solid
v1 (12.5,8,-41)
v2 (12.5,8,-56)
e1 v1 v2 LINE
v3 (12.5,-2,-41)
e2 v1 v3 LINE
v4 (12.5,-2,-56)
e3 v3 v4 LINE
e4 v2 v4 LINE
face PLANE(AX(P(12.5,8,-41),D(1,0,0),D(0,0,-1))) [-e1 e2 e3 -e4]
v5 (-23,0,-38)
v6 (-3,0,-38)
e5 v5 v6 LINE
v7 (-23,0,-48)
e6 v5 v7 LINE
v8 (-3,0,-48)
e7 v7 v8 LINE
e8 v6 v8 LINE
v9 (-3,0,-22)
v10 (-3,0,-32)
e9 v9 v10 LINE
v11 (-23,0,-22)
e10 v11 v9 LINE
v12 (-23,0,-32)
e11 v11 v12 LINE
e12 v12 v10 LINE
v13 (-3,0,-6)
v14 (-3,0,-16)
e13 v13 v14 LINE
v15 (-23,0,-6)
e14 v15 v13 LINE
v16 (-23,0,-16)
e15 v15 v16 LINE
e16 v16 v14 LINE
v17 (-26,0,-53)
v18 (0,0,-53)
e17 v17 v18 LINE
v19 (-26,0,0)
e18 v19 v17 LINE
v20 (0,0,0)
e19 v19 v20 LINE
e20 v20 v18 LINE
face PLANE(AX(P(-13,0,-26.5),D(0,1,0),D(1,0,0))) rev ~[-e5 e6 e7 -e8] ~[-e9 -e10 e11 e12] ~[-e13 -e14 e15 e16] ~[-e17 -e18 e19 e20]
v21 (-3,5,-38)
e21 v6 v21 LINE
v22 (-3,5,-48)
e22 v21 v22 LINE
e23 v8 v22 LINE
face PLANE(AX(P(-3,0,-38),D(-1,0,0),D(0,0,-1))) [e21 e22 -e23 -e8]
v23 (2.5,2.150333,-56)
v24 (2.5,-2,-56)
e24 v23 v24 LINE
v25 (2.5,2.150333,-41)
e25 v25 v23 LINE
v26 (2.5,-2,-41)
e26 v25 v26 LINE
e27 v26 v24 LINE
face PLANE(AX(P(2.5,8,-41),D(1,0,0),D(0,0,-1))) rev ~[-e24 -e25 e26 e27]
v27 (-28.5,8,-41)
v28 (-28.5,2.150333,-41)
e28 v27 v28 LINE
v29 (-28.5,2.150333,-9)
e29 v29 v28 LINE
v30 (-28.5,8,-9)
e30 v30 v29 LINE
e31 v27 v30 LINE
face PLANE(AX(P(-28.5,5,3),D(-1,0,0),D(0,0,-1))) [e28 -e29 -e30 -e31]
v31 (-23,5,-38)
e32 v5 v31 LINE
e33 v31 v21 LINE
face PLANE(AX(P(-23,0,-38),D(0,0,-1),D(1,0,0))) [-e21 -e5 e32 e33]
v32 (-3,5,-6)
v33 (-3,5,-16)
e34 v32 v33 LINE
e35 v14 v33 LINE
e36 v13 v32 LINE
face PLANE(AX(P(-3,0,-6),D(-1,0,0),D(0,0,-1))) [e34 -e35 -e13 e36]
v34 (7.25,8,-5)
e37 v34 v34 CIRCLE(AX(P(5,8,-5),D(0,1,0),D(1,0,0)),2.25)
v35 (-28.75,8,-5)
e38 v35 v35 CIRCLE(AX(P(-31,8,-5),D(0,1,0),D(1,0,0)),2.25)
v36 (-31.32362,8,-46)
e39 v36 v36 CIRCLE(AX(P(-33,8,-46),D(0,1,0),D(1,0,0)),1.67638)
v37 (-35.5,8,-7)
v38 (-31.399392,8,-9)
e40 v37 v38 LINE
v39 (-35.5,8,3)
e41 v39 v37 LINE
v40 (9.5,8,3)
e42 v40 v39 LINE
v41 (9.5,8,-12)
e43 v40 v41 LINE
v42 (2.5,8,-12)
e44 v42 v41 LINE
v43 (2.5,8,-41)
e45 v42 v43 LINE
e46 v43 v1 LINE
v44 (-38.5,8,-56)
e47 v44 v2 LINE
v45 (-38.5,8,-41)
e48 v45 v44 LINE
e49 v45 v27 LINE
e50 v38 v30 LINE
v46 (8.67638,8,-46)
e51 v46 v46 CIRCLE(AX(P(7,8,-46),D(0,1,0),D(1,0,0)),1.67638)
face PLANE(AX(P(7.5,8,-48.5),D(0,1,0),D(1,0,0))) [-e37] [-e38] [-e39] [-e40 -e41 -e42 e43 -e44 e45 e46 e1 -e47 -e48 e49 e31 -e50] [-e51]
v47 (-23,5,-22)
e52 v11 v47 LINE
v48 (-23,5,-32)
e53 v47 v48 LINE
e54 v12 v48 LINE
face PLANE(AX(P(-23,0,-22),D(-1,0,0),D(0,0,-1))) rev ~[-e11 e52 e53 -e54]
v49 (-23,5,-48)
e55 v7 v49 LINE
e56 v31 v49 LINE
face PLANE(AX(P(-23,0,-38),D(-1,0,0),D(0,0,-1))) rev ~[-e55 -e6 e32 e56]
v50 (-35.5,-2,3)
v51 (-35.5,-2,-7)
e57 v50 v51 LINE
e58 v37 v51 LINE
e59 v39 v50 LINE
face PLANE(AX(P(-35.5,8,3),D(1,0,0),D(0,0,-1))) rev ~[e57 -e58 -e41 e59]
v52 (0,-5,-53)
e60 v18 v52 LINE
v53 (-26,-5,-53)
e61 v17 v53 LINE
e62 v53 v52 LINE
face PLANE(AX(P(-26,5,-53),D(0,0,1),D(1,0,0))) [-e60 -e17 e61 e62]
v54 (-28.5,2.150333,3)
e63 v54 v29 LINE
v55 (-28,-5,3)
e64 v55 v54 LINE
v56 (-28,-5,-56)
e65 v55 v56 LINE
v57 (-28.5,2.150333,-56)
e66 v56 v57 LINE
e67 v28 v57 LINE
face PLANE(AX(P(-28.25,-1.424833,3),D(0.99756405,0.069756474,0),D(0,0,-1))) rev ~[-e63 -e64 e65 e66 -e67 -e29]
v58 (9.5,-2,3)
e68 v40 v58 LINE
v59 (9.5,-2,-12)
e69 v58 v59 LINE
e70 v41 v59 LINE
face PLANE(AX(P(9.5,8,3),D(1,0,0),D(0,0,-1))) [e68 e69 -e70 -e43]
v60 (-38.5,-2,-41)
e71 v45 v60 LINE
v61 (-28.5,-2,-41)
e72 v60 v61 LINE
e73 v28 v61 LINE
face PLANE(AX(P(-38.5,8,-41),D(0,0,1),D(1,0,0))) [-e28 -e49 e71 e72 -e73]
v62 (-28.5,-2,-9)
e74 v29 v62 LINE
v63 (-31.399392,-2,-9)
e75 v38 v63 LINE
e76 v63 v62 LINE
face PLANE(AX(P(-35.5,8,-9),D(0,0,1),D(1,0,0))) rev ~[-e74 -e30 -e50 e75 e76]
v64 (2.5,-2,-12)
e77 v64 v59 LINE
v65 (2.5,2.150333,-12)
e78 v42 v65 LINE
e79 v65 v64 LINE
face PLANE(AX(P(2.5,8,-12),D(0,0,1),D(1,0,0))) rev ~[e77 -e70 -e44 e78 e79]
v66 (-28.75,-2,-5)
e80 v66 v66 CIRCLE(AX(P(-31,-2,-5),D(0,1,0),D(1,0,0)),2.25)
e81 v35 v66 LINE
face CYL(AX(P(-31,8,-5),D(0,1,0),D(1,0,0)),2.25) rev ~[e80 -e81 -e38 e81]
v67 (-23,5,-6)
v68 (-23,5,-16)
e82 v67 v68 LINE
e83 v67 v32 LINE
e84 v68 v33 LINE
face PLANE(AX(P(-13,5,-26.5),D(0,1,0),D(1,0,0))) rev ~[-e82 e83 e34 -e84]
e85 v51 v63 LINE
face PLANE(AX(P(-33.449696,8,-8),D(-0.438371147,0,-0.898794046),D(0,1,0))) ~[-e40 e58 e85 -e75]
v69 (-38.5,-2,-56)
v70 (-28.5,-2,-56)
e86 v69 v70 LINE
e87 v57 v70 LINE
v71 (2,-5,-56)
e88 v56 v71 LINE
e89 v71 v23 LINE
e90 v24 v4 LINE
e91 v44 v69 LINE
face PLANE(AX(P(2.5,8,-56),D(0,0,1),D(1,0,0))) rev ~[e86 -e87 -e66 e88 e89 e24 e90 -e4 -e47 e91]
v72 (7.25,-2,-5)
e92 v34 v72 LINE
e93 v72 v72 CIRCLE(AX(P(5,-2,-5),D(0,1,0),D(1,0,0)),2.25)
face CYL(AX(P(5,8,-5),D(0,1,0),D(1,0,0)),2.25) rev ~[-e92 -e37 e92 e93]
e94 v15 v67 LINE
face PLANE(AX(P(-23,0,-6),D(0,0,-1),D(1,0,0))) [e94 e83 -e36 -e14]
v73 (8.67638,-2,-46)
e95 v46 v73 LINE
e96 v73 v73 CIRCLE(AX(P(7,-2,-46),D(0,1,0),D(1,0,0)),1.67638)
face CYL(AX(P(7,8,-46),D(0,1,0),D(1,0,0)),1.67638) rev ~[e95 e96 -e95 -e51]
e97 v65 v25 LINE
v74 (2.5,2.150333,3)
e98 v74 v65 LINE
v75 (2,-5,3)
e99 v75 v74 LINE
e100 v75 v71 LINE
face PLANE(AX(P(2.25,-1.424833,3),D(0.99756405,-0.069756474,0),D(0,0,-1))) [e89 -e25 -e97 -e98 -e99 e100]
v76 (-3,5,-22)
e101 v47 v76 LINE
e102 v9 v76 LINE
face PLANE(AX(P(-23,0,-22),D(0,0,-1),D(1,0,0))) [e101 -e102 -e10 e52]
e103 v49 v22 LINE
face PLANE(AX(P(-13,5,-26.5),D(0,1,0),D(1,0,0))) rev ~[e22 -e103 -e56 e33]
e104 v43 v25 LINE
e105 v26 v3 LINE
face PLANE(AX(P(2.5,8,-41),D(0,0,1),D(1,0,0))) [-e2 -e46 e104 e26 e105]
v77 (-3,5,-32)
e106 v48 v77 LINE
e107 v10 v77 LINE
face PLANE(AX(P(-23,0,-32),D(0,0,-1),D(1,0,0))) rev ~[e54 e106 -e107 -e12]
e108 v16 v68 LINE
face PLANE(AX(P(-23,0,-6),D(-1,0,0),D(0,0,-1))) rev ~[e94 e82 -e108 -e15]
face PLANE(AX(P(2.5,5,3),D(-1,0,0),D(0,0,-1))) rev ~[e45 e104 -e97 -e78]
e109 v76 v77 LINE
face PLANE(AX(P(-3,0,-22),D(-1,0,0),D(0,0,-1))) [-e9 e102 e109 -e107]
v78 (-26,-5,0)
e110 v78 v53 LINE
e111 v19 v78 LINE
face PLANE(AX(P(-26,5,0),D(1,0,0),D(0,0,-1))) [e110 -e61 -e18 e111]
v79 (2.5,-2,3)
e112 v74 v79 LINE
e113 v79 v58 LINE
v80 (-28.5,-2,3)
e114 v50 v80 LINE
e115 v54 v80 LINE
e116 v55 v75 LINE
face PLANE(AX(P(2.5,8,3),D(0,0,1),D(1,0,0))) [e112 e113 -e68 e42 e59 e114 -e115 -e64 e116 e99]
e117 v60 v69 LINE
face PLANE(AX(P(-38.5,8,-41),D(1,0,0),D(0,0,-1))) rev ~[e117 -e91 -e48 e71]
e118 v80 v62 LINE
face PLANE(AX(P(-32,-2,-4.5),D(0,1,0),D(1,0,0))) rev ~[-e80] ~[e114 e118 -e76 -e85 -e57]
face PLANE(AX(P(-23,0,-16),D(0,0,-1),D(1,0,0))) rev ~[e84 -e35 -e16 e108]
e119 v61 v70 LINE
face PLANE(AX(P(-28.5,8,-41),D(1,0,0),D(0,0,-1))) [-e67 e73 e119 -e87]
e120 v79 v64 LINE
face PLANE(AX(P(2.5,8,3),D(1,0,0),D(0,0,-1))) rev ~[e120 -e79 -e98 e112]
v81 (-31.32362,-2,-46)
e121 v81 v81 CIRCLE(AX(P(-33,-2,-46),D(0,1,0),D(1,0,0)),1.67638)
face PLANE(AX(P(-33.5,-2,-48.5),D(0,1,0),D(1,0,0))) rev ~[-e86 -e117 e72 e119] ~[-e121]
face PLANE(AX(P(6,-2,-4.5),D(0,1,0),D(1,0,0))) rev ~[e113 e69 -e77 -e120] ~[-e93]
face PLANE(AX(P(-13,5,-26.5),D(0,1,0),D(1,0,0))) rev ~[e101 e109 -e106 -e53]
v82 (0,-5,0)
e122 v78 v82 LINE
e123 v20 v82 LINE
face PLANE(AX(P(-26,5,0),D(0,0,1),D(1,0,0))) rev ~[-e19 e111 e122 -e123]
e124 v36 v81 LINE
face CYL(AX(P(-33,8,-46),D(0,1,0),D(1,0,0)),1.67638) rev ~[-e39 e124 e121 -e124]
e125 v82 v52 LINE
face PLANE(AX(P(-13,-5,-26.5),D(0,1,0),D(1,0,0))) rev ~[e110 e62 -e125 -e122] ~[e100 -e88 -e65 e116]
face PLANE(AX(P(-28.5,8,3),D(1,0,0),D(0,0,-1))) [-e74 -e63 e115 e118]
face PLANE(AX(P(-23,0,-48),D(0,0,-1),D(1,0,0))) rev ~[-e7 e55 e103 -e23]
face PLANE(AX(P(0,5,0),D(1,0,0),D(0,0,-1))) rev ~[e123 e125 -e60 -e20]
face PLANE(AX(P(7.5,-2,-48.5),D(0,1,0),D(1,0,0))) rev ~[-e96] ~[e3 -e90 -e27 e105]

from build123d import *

# Parameters (mm, degrees)
SKETCH1_W           = 26
SKETCH1_H           = 53
SKETCH1_W_2         = 20
SKETCH1_H_2         = 10
BOSS_EXTRUDE1_DEPTH = 5
SKETCH2_W           = 31
SKETCH2_H           = 59
SKETCH2_W_2         = 26
SKETCH2_H_2         = 53
BOSS_EXTRUDE2_DEPTH = 10
SKETCH3_W           = 31
SKETCH3_H           = 59
BOSS_EXTRUDE3_DEPTH = 3
CHAMFER1_SIZE       = 0.5
CHAMFER1_SIZE2      = 7.150333128
SKETCH10_W          = 7
SKETCH10_H          = 15
SKETCH10_R          = 2.25
BOSS_EXTRUDE7_DEPTH = 10
SKETCH11_W          = 7
SKETCH11_H          = 3
CUT_EXTRUDE4_DEPTH  = 10
CHAMFER2_SIZE       = 2
CHAMFER2_SIZE2      = 4.100607683
SKETCH12_W          = 10
SKETCH12_H          = 15
SKETCH12_R          = 1.676379865
BOSS_EXTRUDE8_DEPTH = 10


with BuildPart() as part:
    # Sketch1 → Boss-Extrude1 (new body)
    with BuildSketch(Plane(origin=(0, 0, 0), x_dir=(1, 0, 0), z_dir=(0, 1, 0))):
        with Locations((-13, 26.5)):
            Rectangle(SKETCH1_W, SKETCH1_H)
        with Locations((-13, 27)):
            Rectangle(SKETCH1_W_2, SKETCH1_H_2, mode=Mode.SUBTRACT)
        with Locations((-13, 43)):
            Rectangle(SKETCH1_W_2, SKETCH1_H_2, mode=Mode.SUBTRACT)
        with Locations((-13, 11)):
            Rectangle(SKETCH1_W_2, SKETCH1_H_2, mode=Mode.SUBTRACT)
    extrude(amount=BOSS_EXTRUDE1_DEPTH)

    # Sketch2 → Boss-Extrude2 (add)
    with BuildSketch(Plane(origin=(0, 5, 0), x_dir=(1, 0, 0), z_dir=(0, 1, 0))):
        with Locations((-13, 26.5)):
            Rectangle(SKETCH2_W, SKETCH2_H)
        with Locations((-13, 26.5)):
            Rectangle(SKETCH2_W_2, SKETCH2_H_2, mode=Mode.SUBTRACT)
    extrude(amount=-BOSS_EXTRUDE2_DEPTH)

    # Sketch3 → Boss-Extrude3 (add)
    with BuildSketch(Plane(origin=(0, 5, 0), x_dir=(1, 0, 0), z_dir=(0, 1, 0))):
        with Locations((-13, 26.5)):
            Rectangle(SKETCH3_W, SKETCH3_H)
    extrude(amount=BOSS_EXTRUDE3_DEPTH)

    # Chamfer1
    chamfer1_edges = [part.edges().sort_by_distance(p)[0] for p in [
        (-28.5, -5, -26.5),
        (2.5, -5, -26.5),
    ]]
    chamfer1_side = [part.faces().sort_by_distance(p)[0] for p in [
        (-13, -5, -55.333516692),
    ]]
    chamfer(chamfer1_edges, length=CHAMFER1_SIZE, length2=CHAMFER1_SIZE2, reference=chamfer1_side[0])

    # Sketch10 → Boss-Extrude7 (add)
    with BuildSketch(Plane(origin=(0, 8, 0), x_dir=(1, 0, 0), z_dir=(0, 1, 0))):
        with Locations((6, 4.5)):
            Rectangle(SKETCH10_W, SKETCH10_H)
        with Locations((5, 5)):
            Circle(SKETCH10_R, mode=Mode.SUBTRACT)
        with Locations((-32, 4.5)):
            Rectangle(SKETCH10_W, SKETCH10_H)
        with Locations((-31, 5)):
            Circle(SKETCH10_R, mode=Mode.SUBTRACT)
    extrude(amount=-BOSS_EXTRUDE7_DEPTH)

    # Sketch11 → Cut-Extrude4 (cut)
    with BuildSketch(Plane(origin=(0, 8, 0), x_dir=(1, 0, 0), z_dir=(0, 1, 0))):
        with Locations((-32, 10.5)):
            Rectangle(SKETCH11_W, SKETCH11_H)
    extrude(amount=-CUT_EXTRUDE4_DEPTH, mode=Mode.SUBTRACT)

    # Chamfer2
    chamfer2_edges = [part.edges().sort_by_distance(p)[0] for p in [
        (-35.5, 3, -9),
    ]]
    chamfer2_side = [part.faces().sort_by_distance(p)[0] for p in [
        (-35.5, 3, -3),
    ]]
    chamfer(chamfer2_edges, length=CHAMFER2_SIZE, length2=CHAMFER2_SIZE2, reference=chamfer2_side[0])

    # Sketch12 → Boss-Extrude8 (add)
    with BuildSketch(Plane(origin=(0, 8, 0), x_dir=(1, 0, 0), z_dir=(0, 1, 0))):
        with Locations((7.5, 48.5)):
            Rectangle(SKETCH12_W, SKETCH12_H)
        with Locations((7, 46)):
            Circle(SKETCH12_R, mode=Mode.SUBTRACT)
        with Locations((-33.5, 48.5)):
            Rectangle(SKETCH12_W, SKETCH12_H)
        with Locations((-33, 46)):
            Circle(SKETCH12_R, mode=Mode.SUBTRACT)
    extrude(amount=-BOSS_EXTRUDE8_DEPTH)


solid = part.part
